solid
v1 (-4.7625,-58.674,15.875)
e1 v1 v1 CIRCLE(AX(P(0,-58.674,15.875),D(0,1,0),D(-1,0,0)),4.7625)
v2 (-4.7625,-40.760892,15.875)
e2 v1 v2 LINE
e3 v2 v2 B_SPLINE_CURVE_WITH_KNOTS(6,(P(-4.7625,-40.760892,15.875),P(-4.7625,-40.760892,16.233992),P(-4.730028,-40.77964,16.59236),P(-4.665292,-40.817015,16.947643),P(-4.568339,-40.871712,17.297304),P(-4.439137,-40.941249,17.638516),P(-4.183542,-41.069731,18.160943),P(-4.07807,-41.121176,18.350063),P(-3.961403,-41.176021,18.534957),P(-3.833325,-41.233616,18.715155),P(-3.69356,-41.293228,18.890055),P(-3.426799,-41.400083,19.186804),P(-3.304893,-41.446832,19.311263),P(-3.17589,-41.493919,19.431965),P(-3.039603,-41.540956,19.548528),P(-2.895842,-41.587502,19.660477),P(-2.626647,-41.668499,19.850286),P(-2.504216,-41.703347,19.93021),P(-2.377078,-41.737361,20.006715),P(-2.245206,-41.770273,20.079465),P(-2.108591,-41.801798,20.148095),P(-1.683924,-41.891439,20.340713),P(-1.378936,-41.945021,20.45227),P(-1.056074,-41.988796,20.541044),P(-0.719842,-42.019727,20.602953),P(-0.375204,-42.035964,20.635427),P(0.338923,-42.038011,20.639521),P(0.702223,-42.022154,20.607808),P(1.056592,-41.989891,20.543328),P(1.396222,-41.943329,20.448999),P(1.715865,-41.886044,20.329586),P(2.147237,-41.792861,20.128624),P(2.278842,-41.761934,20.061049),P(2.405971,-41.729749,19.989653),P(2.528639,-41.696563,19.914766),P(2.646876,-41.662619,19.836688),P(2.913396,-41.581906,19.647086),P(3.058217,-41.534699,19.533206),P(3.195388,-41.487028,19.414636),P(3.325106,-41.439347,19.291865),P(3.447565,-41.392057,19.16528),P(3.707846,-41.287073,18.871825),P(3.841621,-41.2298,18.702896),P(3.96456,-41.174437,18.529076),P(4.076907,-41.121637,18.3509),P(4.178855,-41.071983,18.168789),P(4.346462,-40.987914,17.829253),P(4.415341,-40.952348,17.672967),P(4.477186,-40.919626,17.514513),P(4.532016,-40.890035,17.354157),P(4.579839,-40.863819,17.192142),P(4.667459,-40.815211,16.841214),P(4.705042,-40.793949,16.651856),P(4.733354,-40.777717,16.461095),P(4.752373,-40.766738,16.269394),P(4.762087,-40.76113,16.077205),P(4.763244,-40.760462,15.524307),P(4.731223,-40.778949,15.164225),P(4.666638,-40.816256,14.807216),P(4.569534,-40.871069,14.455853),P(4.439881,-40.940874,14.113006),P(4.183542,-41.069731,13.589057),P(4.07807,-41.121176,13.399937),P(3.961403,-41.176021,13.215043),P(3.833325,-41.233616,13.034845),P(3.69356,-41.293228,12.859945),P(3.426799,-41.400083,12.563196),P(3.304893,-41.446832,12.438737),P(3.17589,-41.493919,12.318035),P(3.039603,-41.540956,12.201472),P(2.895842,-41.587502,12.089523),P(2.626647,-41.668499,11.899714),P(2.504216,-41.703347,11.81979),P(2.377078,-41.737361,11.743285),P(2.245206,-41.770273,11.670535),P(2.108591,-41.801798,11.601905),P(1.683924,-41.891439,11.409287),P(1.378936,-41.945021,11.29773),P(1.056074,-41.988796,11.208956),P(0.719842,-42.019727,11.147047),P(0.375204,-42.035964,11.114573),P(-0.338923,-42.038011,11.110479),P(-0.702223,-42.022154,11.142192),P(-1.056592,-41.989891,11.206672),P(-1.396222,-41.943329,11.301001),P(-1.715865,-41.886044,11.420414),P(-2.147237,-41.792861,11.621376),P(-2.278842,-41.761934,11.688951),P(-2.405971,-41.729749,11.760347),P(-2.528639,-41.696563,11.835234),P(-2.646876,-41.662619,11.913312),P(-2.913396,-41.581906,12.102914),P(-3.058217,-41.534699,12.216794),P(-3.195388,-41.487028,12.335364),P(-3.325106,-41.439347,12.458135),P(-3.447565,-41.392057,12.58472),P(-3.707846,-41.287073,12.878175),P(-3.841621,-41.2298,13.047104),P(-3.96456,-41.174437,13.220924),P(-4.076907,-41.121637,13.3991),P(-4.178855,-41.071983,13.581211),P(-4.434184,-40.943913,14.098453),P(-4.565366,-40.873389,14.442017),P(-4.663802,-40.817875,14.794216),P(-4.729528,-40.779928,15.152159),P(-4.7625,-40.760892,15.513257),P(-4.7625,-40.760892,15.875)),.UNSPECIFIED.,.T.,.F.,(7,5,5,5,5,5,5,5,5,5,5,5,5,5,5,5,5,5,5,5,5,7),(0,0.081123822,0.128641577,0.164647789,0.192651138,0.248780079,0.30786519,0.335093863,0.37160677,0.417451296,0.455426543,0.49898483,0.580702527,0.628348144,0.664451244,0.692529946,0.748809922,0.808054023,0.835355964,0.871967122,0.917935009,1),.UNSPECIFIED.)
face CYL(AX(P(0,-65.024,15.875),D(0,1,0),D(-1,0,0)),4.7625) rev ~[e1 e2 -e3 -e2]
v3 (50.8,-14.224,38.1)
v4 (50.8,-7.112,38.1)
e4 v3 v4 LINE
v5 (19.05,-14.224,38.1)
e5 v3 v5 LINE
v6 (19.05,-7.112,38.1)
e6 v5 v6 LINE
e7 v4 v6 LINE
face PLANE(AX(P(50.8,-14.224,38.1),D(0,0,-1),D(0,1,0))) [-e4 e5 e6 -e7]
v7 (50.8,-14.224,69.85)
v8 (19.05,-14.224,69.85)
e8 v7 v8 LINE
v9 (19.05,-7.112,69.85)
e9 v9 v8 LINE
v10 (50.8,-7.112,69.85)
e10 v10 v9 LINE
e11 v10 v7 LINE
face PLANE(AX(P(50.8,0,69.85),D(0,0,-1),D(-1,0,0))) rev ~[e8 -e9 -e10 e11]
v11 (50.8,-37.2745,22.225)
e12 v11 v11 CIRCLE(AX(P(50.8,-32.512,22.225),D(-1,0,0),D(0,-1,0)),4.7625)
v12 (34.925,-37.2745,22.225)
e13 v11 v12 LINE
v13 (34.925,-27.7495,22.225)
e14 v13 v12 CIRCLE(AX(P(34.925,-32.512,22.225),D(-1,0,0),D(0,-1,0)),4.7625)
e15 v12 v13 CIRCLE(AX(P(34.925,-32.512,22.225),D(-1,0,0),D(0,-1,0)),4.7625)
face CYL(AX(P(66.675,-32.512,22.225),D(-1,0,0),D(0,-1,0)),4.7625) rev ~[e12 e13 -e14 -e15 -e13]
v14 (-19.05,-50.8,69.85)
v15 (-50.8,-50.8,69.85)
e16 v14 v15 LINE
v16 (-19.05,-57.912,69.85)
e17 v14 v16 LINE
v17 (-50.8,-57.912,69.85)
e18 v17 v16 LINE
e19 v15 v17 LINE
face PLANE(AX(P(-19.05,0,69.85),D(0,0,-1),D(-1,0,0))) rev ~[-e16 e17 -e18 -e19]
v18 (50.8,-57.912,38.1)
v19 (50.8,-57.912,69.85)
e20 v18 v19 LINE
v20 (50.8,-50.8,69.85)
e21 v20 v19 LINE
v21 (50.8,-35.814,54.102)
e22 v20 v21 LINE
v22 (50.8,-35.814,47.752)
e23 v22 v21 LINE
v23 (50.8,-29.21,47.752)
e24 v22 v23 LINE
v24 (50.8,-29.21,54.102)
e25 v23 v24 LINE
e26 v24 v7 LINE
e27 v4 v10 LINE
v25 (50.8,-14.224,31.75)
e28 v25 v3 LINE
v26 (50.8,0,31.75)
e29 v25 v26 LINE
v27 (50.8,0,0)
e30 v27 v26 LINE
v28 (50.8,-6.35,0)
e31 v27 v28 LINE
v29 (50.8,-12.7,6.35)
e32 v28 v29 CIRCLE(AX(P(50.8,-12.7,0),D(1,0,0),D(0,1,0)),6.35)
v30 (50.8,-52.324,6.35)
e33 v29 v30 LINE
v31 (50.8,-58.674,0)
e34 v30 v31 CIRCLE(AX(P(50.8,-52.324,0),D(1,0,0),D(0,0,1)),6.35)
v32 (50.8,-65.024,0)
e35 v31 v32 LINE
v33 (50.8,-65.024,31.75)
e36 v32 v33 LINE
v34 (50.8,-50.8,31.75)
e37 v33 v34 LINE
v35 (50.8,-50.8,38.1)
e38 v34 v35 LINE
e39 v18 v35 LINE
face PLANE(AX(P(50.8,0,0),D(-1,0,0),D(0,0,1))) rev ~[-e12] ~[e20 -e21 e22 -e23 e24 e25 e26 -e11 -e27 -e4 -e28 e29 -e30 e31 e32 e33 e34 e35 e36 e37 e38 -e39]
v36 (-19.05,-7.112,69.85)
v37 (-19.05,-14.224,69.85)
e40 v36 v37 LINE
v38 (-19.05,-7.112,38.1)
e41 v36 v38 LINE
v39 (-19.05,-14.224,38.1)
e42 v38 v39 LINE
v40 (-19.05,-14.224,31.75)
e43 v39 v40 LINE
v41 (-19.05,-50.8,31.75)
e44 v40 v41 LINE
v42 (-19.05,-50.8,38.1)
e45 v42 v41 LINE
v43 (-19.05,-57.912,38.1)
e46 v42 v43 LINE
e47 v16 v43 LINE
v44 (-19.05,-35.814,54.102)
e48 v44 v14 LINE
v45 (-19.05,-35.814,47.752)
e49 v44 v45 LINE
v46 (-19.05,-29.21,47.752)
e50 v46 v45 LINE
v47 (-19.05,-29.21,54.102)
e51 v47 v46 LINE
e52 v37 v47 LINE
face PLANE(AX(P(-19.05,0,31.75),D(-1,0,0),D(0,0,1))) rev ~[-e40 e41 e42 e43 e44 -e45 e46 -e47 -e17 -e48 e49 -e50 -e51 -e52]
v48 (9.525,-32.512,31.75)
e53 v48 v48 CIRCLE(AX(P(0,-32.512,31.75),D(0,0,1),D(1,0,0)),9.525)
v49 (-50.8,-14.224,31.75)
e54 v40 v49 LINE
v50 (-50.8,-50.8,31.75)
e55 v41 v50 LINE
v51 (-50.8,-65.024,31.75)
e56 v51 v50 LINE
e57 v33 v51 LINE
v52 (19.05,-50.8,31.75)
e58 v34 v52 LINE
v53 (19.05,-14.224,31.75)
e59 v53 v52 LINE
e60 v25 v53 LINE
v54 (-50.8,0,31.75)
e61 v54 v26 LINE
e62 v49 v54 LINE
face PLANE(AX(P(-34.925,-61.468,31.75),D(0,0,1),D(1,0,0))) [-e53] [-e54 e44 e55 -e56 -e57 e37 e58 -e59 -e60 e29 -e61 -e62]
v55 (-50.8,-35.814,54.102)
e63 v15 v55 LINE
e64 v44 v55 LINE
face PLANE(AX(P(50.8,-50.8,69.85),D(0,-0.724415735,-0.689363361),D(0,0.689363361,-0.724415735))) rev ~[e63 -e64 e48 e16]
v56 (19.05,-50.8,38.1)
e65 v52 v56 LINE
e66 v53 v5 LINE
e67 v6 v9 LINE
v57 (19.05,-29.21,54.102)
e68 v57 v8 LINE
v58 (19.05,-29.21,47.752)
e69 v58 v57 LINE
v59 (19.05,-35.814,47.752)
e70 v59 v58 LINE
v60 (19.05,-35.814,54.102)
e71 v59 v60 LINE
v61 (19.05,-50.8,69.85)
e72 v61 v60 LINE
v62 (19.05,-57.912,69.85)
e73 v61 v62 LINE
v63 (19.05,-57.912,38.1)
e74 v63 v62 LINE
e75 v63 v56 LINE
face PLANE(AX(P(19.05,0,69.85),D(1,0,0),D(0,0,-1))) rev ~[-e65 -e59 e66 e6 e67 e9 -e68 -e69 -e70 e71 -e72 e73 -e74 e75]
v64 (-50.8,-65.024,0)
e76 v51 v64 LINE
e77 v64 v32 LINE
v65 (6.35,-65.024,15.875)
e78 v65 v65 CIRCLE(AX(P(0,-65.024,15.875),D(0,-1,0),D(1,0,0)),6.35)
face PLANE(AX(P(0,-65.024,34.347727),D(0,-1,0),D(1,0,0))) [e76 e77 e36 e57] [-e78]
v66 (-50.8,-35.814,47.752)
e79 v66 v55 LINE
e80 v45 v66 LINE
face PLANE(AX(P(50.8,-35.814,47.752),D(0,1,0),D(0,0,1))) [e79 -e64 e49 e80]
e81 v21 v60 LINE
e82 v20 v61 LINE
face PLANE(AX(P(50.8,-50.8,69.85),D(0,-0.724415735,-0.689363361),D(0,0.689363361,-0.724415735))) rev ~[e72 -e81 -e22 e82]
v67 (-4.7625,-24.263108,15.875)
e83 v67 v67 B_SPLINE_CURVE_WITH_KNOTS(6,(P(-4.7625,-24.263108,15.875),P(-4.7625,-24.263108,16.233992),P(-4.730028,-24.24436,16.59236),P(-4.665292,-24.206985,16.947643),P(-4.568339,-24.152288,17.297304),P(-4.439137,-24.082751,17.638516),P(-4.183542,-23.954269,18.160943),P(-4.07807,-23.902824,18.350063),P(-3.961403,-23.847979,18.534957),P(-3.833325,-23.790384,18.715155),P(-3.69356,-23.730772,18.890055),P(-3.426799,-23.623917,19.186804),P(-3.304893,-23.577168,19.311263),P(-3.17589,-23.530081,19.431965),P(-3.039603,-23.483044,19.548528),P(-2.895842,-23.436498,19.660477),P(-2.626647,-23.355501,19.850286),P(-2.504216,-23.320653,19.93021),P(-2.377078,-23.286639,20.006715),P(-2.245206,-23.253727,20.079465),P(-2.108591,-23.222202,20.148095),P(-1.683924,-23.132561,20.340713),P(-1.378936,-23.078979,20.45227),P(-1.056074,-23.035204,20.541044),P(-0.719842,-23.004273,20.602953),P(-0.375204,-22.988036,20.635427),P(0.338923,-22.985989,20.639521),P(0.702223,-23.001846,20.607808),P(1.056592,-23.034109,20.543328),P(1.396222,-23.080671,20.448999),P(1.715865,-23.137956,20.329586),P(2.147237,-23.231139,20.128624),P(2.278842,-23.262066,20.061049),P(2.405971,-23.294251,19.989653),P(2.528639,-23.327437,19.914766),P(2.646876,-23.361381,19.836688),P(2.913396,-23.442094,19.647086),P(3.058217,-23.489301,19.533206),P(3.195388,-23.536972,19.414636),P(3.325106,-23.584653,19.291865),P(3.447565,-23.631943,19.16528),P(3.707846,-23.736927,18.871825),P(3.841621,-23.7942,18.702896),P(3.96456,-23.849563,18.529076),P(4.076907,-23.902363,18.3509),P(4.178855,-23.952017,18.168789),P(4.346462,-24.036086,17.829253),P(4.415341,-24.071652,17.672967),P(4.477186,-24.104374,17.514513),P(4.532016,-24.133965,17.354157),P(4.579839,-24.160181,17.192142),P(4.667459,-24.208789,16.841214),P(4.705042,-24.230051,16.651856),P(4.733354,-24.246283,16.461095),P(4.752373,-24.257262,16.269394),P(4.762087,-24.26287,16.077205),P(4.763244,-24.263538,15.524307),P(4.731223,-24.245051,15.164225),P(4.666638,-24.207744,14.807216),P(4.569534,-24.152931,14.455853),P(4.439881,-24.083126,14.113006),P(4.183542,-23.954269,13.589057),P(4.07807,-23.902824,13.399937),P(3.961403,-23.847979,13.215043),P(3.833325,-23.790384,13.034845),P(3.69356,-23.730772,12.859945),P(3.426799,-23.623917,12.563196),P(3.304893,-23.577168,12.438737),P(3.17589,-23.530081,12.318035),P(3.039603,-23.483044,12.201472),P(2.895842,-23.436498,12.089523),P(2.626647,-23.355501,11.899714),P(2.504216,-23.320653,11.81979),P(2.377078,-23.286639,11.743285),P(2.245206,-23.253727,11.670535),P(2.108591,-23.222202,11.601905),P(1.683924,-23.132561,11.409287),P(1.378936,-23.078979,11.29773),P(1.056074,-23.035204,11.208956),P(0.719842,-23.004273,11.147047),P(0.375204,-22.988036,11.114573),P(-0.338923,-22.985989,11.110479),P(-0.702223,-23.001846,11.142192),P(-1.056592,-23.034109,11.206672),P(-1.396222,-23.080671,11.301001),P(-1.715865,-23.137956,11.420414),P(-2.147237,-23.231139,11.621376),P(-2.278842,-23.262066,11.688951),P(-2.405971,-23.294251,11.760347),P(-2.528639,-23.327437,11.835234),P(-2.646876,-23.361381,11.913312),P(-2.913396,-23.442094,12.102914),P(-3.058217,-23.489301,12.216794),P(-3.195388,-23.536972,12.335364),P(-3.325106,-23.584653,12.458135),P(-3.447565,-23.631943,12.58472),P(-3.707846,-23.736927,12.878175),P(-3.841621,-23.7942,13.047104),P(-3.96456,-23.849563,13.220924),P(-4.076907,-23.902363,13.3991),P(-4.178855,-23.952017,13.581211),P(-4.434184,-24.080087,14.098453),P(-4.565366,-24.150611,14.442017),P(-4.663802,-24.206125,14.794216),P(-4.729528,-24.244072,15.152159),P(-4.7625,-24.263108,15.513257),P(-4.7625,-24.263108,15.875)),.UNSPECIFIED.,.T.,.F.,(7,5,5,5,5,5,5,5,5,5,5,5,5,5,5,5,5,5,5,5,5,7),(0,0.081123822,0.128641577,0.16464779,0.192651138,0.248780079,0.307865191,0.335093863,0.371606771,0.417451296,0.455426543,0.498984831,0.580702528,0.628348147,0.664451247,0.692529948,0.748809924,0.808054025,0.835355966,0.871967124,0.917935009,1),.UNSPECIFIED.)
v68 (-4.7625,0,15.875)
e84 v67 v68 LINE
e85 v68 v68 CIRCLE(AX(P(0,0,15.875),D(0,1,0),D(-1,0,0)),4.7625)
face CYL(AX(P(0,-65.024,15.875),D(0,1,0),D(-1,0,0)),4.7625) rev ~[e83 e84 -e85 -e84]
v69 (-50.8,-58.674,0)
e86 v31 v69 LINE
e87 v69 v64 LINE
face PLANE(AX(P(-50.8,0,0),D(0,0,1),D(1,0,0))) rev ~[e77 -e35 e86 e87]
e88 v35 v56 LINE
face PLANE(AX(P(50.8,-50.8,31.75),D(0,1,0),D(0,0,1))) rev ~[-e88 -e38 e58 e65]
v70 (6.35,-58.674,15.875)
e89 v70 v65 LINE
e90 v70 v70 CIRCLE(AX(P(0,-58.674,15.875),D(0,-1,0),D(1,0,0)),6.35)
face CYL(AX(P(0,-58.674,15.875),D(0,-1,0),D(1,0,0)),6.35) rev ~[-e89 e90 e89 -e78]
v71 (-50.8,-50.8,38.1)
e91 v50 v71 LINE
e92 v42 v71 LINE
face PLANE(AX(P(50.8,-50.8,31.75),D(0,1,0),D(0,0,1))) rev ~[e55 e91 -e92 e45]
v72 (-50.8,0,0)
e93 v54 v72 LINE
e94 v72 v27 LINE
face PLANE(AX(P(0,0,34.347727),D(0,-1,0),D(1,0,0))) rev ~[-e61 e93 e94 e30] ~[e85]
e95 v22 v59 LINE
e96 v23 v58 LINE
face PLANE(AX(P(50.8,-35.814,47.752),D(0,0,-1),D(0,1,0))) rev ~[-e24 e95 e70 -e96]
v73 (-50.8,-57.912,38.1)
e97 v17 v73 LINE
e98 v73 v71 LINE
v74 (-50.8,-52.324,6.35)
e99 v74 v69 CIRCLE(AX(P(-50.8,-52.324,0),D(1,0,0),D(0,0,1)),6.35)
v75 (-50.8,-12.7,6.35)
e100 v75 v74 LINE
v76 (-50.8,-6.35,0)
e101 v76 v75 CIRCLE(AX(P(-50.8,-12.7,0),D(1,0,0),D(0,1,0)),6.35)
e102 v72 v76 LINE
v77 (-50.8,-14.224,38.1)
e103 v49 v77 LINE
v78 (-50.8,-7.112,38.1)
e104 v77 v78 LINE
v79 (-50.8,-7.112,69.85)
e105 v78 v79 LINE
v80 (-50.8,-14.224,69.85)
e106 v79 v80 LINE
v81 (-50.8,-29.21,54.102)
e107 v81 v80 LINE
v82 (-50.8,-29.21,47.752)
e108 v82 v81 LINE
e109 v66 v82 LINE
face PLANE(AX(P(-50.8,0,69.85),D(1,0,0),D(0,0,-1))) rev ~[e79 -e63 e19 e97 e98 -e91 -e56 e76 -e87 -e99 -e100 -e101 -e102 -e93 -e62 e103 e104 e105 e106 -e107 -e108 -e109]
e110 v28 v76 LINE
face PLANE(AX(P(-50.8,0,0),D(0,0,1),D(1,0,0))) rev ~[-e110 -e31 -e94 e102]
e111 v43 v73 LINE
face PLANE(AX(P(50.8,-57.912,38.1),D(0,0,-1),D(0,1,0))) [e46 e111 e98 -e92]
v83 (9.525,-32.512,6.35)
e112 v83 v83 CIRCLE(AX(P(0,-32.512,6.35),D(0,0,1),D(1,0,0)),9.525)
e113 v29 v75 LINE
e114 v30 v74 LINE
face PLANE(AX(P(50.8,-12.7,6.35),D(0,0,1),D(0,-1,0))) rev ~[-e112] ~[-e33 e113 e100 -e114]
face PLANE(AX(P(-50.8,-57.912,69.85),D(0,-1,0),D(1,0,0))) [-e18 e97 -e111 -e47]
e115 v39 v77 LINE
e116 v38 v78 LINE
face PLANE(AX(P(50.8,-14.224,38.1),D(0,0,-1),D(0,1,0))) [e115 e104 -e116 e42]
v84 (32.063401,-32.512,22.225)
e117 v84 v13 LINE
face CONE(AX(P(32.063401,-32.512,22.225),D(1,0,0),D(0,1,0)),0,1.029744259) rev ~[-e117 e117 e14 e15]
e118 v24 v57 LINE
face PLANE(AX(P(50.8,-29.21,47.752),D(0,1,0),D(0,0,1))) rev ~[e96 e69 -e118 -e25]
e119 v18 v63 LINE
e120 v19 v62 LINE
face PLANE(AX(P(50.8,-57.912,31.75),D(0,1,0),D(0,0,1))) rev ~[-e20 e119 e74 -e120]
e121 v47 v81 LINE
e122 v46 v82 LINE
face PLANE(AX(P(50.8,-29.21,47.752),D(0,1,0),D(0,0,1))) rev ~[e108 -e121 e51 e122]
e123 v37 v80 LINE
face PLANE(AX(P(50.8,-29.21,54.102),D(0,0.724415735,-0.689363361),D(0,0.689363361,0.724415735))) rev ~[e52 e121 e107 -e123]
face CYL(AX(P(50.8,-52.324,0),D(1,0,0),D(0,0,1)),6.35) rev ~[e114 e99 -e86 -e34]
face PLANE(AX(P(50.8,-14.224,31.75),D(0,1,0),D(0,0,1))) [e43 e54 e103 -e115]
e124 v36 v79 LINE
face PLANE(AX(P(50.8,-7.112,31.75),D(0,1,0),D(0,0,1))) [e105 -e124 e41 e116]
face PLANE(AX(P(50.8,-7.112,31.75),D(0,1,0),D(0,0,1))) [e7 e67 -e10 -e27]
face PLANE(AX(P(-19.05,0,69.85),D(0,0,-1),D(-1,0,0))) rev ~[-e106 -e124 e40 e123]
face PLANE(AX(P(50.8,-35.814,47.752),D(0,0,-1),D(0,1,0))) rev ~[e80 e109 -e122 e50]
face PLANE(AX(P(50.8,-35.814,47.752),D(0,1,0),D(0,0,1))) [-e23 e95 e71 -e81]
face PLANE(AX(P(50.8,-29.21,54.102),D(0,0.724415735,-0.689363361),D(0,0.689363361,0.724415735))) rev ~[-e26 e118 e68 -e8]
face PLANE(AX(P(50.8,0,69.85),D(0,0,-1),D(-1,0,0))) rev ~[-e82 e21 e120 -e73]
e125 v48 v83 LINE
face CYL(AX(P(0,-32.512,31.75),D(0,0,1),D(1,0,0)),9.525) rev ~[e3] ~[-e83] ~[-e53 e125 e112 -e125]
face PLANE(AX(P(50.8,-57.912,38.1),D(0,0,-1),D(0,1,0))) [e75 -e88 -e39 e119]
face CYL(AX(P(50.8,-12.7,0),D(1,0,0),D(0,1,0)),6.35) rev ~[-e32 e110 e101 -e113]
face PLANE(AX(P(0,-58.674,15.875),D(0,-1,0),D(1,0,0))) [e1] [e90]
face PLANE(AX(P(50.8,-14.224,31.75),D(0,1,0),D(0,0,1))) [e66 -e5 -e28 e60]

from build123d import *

# Parameters (mm, degrees)
F1_DEPTH       = 65.024
F3_D           = 9.525
F3_CBORE_D     = 12.7
F3_CBORE_DEPTH = 6.35
F4_W           = 31.75
F4_H           = 7.112
F5_DEPTH       = 38.1
F6_W           = 7.112
F6_H           = 38.1
F7_DEPTH       = 101.601
F9_DEPTH       = 101.601
F11_D          = 9.525
F11_DEPTH      = 15.875
F11_TIP        = 2.8615986981
F12_W          = 6.604
F12_H          = 6.35
F13_DEPTH      = 101.601
F15_DEPTH      = 101.601
F16_W          = 7.112
F16_H          = 6.35
F17_DEPTH      = 101.601
F18_R          = 9.525
F19_DEPTH      = 31.751


with BuildPart() as f1:
    # F0 (on Front) → F1 (new body)
    with BuildSketch(Plane.XZ):
        Polygon((-50.8, 69.85), (-50.8, 0), (50.8, 0), (50.8, 69.85), (19.05, 69.85), (19.05, 31.75), (-19.05, 31.75), (-19.05, 69.85), align=None)
    extrude(amount=F1_DEPTH)

    # F3 (through all)
    with Locations(Plane.XZ.offset(65.024)):
        with Locations((0, 15.875)):
            CounterBoreHole(F3_D / 2, F3_CBORE_D / 2, F3_CBORE_DEPTH)

    # F4 (on face) → F5 (cut)
    with BuildSketch(Plane.XY.offset(69.85)):
        with Locations((-34.925, -61.468)):
            Rectangle(F4_W, F4_H)
    extrude(amount=-F5_DEPTH, mode=Mode.SUBTRACT)

    # F6 (on face) → F7 (cut, through all)
    with BuildSketch(Plane.YZ.offset(50.8)):
        with Locations((-61.468, 50.8)):
            Rectangle(F6_W, F6_H)
        with Locations((-3.556, 50.8)):
            Rectangle(F6_W, F6_H)
    extrude(amount=-F7_DEPTH, mode=Mode.SUBTRACT)

    # F8 (on face) → F9 (cut, through all)
    with BuildSketch(Plane.YZ.offset(50.8)):
        with BuildLine():
            Line((-12.7, 6.35), (-52.324, 6.35))
            ThreePointArc((-52.324, 6.35), (-56.8141280605, 4.4901280605), (-58.674, 0))
            Line((-58.674, 0), (-6.35, 0))
            ThreePointArc((-6.35, 0), (-8.2098719395, 4.4901280605), (-12.7, 6.35))
        make_face()
    extrude(amount=-F9_DEPTH, mode=Mode.SUBTRACT)

    # F11
    with Locations(Plane.YZ.offset(50.8)):
        with Locations((-32.512, 22.225)):
            Hole(F11_D / 2, depth=F11_DEPTH)
            with Locations((0, 0, -(F11_DEPTH + F11_TIP / 2))):  # 118° drill point
                Cone(0, F11_D / 2, F11_TIP, mode=Mode.SUBTRACT)

    # F12 (on face) → F13 (cut, through all)
    with BuildSketch(Plane.YZ.offset(50.8)):
        with Locations((-32.512, 50.927)):
            Rectangle(F12_W, F12_H)
    extrude(amount=-F13_DEPTH, mode=Mode.SUBTRACT)

    # F14 (on face) → F15 (cut, through all)
    with BuildSketch(Plane.YZ.offset(50.8)):
        Polygon((-50.8, 69.85), (-35.814, 54.102), (-29.21, 54.102), (-14.224, 69.85), align=None)
    extrude(amount=-F15_DEPTH, mode=Mode.SUBTRACT)

    # F16 (on face) → F17 (cut, through all)
    with BuildSketch(Plane.YZ.offset(50.8)):
        with Locations((-10.668, 34.925)):
            Rectangle(F16_W, F16_H)
        with Locations((-54.356, 34.925)):
            Rectangle(F16_W, F16_H)
    extrude(amount=-F17_DEPTH, mode=Mode.SUBTRACT)

    # F18 (on face) → F19 (cut, through all)
    with BuildSketch(Plane.XY.offset(31.75)):
        with Locations((0, -32.512)):
            Circle(F18_R)
    extrude(amount=-F19_DEPTH, mode=Mode.SUBTRACT)


solid = f1.part
